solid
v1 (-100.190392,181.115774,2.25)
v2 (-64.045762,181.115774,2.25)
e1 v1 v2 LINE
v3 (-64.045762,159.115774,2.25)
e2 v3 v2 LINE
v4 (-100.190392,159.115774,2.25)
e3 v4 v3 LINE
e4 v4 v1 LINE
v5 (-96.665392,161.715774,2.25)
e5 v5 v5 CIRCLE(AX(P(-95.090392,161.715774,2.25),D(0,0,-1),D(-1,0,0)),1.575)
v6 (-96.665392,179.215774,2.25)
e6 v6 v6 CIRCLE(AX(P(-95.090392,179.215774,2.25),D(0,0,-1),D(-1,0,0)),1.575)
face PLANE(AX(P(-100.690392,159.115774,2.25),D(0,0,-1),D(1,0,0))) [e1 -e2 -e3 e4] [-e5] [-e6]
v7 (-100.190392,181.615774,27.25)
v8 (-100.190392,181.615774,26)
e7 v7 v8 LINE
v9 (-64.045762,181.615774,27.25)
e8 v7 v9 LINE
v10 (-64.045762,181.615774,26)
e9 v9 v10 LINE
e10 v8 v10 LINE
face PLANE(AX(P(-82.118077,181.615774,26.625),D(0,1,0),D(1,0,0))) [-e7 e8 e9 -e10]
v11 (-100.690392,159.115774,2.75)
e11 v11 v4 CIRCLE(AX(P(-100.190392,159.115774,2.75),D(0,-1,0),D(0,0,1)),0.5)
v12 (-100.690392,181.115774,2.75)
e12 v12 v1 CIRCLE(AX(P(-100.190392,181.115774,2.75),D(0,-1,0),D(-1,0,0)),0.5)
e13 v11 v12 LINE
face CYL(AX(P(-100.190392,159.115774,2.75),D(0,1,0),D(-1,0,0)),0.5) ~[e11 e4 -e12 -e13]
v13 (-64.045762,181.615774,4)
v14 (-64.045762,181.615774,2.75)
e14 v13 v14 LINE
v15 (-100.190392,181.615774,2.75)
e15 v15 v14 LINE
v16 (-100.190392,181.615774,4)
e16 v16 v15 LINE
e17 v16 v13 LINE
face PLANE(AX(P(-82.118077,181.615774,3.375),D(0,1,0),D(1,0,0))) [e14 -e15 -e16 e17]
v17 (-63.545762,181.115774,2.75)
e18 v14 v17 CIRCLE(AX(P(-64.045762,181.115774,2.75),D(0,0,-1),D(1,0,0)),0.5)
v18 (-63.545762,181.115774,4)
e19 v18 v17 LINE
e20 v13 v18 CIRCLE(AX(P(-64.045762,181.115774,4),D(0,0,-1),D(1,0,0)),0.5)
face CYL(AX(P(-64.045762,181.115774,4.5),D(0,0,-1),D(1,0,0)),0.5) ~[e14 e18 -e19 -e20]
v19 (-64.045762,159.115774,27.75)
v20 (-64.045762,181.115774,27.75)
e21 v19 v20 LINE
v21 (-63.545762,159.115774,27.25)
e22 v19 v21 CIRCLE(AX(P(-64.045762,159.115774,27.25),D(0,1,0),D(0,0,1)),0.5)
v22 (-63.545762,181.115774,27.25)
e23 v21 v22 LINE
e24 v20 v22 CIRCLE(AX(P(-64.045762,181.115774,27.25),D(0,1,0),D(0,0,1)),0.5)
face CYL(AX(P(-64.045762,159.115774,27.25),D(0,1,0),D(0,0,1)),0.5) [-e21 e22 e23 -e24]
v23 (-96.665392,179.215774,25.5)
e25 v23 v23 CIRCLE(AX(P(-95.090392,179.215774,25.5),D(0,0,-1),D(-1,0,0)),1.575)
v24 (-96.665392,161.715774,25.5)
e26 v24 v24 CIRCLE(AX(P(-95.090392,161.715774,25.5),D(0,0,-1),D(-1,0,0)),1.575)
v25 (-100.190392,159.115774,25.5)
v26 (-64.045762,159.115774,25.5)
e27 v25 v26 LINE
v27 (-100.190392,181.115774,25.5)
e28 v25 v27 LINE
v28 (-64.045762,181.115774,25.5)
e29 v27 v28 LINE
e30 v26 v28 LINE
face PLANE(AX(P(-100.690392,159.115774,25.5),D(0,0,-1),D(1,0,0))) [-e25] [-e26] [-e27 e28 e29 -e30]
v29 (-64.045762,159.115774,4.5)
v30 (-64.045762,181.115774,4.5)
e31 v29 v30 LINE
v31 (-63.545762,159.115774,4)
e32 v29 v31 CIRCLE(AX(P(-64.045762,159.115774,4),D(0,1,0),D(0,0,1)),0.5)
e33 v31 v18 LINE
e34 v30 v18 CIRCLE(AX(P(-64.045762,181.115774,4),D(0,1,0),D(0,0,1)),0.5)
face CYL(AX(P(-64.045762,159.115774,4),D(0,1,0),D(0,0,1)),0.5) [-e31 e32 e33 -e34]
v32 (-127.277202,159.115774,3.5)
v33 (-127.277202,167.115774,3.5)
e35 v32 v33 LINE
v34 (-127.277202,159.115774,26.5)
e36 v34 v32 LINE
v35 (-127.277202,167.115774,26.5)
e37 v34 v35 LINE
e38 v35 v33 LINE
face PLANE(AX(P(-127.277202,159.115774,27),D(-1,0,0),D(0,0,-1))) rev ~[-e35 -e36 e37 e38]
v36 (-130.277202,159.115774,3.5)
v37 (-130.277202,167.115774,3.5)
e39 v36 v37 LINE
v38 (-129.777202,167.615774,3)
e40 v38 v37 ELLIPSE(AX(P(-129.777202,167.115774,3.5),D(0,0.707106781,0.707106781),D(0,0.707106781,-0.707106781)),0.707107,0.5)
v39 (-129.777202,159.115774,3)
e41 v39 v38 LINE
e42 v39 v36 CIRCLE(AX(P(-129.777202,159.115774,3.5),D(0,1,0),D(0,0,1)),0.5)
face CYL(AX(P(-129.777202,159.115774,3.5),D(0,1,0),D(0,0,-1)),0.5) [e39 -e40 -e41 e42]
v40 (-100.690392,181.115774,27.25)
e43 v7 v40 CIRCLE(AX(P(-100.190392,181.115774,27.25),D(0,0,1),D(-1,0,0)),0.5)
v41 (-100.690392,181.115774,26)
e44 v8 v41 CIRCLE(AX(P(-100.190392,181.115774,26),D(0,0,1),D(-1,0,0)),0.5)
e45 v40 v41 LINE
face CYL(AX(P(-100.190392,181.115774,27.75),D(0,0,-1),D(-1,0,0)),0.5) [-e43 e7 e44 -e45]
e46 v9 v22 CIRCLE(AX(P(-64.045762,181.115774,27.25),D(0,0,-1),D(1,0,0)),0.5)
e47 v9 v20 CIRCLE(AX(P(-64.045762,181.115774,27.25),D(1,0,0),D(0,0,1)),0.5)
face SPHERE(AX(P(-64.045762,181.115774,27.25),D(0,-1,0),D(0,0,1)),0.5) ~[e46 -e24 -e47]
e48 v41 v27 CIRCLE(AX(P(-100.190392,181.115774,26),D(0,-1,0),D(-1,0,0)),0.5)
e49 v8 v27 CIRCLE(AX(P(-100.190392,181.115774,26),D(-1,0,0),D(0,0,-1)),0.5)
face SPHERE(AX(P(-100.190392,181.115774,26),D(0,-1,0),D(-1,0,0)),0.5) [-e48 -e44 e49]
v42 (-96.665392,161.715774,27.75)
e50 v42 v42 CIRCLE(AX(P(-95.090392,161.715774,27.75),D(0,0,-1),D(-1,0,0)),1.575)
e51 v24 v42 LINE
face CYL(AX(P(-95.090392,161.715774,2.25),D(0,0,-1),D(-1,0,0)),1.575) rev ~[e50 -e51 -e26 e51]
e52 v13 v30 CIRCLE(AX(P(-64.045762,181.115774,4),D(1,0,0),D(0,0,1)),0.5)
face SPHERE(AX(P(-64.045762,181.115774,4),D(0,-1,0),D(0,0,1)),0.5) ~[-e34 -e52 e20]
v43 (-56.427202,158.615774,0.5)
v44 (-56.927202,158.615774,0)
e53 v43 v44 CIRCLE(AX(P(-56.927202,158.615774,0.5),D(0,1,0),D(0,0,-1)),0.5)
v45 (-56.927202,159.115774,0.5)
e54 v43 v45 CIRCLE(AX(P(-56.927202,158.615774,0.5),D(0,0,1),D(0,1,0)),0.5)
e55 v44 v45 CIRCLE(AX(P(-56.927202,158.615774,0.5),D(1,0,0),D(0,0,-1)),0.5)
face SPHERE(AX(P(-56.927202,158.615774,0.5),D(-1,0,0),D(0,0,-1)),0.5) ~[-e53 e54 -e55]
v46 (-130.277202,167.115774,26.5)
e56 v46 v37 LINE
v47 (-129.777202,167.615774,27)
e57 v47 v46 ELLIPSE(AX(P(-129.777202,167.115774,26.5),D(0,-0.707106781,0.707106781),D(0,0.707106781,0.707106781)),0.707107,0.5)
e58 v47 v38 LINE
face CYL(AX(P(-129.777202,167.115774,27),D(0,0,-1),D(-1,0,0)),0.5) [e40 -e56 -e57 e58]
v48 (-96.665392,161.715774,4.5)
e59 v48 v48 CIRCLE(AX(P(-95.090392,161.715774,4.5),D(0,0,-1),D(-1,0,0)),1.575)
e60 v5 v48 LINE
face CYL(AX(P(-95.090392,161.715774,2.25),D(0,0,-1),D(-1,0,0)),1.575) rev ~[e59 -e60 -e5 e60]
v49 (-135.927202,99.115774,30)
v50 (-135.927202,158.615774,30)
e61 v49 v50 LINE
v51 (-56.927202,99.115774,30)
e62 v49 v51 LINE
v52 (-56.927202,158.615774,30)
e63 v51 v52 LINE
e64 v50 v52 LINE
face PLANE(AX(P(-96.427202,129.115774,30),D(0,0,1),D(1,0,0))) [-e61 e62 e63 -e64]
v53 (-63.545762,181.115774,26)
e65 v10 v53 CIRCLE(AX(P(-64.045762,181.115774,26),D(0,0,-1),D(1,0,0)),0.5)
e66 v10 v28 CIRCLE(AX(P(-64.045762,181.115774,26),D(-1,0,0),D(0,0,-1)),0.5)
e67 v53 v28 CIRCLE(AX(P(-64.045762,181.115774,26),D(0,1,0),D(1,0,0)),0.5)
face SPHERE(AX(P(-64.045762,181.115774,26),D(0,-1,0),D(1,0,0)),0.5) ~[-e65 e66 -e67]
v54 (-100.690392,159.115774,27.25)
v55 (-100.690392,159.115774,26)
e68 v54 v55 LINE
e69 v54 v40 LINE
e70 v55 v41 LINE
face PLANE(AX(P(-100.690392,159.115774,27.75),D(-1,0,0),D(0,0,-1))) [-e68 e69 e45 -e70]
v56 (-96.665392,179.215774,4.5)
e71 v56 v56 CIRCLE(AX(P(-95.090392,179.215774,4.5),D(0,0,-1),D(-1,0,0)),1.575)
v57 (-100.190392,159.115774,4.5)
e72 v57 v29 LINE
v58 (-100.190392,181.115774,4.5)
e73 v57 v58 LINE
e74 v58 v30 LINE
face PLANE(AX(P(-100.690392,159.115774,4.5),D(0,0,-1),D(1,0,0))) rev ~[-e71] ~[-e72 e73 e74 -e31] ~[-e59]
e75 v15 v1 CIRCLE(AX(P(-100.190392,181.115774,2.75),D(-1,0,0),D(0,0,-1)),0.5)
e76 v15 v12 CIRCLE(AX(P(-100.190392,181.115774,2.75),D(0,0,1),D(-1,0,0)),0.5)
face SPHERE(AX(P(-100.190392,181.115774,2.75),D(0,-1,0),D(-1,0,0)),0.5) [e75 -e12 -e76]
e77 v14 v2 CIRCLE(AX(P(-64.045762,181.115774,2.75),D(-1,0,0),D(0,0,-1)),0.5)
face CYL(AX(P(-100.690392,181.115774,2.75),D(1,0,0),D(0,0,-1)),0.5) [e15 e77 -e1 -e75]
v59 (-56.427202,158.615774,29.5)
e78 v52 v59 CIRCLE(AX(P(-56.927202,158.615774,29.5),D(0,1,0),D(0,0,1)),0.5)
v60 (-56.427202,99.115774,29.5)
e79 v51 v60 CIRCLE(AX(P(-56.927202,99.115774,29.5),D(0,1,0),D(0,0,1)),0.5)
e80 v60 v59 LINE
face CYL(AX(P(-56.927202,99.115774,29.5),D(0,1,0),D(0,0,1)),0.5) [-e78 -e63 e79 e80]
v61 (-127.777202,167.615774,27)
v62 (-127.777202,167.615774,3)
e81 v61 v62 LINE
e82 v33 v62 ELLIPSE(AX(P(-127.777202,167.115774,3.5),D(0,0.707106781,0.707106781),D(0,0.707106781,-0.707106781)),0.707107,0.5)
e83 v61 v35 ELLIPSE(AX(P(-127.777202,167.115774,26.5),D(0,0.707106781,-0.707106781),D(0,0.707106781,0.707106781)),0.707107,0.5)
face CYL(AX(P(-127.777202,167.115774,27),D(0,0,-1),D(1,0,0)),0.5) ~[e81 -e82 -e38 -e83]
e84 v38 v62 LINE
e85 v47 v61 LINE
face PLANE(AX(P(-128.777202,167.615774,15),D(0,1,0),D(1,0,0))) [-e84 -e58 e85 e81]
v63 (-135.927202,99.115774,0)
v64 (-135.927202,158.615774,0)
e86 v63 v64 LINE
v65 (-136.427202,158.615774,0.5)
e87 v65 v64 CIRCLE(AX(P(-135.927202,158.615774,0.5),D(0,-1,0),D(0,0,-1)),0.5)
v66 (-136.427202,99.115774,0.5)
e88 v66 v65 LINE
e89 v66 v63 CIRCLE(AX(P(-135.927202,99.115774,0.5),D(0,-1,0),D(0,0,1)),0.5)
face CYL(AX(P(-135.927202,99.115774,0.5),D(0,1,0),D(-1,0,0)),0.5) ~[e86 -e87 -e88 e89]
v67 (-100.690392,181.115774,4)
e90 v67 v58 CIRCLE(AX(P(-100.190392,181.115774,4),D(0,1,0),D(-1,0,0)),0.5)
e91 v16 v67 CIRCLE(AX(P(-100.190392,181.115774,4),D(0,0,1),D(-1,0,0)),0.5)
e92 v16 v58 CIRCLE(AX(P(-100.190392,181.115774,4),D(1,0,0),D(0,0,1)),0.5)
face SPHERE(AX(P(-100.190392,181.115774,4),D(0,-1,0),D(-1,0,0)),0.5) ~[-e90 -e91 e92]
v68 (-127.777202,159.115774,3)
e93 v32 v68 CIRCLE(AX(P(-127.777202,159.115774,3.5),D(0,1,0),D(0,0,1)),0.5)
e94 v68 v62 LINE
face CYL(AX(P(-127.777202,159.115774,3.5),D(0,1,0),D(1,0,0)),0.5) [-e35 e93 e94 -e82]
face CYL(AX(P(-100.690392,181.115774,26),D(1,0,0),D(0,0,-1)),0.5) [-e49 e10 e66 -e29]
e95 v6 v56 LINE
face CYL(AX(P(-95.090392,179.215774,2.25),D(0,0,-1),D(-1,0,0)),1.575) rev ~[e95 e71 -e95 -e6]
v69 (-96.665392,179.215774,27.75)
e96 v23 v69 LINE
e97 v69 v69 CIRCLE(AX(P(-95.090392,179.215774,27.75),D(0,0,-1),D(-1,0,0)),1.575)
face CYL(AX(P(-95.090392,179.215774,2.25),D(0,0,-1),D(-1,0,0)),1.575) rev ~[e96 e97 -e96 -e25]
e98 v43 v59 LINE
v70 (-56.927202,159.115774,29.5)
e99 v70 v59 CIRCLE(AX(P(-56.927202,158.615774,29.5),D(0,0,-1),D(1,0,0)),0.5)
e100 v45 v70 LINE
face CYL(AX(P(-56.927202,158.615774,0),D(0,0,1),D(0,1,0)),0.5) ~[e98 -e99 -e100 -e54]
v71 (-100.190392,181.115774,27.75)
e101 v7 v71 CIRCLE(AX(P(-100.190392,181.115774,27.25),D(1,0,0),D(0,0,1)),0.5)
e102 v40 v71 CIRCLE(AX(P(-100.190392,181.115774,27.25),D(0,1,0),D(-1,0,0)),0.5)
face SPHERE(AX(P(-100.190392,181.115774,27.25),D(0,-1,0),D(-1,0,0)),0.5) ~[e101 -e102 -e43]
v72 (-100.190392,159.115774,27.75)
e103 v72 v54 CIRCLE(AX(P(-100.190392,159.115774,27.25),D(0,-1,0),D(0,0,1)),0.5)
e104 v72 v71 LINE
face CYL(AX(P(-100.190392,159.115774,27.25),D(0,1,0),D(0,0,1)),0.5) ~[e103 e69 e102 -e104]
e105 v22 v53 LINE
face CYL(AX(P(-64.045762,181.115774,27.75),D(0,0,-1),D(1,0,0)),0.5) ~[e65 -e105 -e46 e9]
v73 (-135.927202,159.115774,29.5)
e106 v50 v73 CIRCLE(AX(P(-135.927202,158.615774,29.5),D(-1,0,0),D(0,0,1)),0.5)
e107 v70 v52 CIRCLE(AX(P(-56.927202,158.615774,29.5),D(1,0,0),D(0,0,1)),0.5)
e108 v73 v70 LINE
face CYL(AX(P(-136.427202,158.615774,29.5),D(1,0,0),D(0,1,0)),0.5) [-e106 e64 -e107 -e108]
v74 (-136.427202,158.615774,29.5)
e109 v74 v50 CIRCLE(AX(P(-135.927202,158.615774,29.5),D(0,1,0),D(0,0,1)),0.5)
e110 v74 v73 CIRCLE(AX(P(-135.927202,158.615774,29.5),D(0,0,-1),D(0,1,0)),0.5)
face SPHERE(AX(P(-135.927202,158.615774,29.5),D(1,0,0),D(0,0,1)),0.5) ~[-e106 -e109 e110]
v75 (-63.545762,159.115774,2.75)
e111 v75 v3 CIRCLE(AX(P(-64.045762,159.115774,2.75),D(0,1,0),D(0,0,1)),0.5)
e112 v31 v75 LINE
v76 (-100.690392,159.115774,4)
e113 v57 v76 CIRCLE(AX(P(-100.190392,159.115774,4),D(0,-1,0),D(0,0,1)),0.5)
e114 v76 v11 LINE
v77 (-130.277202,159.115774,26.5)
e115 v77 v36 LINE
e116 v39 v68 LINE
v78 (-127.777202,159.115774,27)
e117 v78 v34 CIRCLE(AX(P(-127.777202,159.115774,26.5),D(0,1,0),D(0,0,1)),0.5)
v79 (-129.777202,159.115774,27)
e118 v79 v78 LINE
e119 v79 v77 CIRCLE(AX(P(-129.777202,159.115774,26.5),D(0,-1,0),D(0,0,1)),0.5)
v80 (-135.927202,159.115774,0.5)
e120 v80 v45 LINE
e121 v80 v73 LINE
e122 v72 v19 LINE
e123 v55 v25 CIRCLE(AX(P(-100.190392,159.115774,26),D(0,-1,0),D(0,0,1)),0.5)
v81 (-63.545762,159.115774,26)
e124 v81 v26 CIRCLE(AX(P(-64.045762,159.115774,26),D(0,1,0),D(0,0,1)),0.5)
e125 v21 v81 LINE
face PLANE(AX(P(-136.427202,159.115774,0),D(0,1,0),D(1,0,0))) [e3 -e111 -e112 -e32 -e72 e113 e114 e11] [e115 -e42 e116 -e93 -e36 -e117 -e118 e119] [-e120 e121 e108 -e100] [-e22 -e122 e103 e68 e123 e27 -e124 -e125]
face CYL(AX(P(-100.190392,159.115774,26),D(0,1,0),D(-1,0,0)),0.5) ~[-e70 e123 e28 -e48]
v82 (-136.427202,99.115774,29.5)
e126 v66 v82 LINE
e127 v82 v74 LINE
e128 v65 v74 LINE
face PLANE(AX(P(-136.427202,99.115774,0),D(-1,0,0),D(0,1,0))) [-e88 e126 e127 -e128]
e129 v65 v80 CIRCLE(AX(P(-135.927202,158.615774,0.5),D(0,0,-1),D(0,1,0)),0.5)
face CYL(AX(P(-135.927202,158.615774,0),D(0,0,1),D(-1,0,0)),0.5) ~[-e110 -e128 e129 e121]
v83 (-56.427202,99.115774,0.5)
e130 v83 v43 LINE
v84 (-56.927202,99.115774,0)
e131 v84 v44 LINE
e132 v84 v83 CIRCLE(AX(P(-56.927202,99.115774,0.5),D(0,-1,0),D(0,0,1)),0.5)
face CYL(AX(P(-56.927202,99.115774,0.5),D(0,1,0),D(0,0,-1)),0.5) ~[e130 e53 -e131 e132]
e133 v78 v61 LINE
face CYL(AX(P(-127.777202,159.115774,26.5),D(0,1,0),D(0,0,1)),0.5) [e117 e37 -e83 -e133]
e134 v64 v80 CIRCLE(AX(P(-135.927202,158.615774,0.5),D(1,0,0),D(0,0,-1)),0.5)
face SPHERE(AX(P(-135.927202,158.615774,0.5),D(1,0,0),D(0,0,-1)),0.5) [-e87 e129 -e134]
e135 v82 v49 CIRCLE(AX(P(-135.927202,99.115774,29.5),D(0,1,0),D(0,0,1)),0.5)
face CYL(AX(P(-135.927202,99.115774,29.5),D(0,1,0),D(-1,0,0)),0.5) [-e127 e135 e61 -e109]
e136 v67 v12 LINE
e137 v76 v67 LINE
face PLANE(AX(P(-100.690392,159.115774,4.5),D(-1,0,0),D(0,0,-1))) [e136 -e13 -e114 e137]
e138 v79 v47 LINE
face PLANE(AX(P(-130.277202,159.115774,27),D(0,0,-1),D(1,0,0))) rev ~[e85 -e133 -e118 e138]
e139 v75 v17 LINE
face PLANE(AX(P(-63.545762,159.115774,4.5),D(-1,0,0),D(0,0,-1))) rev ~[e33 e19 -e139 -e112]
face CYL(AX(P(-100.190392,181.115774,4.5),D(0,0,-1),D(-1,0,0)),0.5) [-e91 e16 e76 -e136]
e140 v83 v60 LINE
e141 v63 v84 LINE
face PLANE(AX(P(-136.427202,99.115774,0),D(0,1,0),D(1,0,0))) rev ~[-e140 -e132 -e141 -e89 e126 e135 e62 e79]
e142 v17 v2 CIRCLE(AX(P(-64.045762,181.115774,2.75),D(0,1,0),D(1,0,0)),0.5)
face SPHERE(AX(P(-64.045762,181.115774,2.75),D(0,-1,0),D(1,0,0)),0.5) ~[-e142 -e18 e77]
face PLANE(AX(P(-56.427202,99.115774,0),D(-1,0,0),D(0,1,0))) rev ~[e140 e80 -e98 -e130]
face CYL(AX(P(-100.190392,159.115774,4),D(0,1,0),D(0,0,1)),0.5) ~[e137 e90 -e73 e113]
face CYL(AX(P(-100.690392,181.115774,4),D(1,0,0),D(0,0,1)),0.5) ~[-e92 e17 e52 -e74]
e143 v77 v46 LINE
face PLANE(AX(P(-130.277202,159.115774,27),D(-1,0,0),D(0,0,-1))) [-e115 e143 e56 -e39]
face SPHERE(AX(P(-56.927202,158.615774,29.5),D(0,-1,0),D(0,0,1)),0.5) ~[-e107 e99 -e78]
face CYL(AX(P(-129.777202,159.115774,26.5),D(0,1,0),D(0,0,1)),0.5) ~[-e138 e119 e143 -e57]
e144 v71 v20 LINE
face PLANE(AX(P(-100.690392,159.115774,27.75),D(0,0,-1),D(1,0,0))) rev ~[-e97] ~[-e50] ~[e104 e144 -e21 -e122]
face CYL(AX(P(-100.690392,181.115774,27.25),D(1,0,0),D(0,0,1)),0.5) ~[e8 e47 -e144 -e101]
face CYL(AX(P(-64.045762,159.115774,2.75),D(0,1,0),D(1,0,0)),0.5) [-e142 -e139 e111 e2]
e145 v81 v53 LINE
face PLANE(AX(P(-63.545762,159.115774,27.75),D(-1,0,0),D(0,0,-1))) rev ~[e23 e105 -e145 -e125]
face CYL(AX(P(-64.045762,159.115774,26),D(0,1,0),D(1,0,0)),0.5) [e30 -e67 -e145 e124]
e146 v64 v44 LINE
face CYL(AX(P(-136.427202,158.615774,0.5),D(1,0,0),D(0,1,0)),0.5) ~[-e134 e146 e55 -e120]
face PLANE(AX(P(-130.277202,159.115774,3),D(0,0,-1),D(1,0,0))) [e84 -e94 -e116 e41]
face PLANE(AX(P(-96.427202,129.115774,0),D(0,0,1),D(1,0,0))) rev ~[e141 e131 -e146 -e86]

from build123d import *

# Parameters (mm, degrees)
SKETCH1_W           = 80
SKETCH1_H           = 60
BOSS_EXTRUDE1_DEPTH = 30
SKETCH2_W           = 37.144630664
SKETCH2_H           = 2.25
BOSS_EXTRUDE2_DEPTH = 22.5
SKETCH3_W           = 3
SKETCH3_H           = 24
BOSS_EXTRUDE3_DEPTH = 8.5
SKETCH5_R           = 1.575
CUT_EXTRUDE1_DEPTH  = 30
FILLET2_R           = 0.5


with BuildPart() as part:
    # Sketch1 → Boss-Extrude1 (new body)
    with BuildSketch(Plane.XY):
        with Locations((-96.427201848, 129.115774072)):
            Rectangle(SKETCH1_W, SKETCH1_H)
    extrude(amount=BOSS_EXTRUDE1_DEPTH)

    # Sketch2 → Boss-Extrude2 (add)
    with BuildSketch(Plane(origin=(0, 159.115774072, 0), x_dir=(1, 0, 0), z_dir=(0, 1, 0))):
        with Locations((-82.11807708, -3.375)):
            Rectangle(SKETCH2_W, SKETCH2_H)
        with Locations((-82.11807708, -26.625)):
            Rectangle(SKETCH2_W, SKETCH2_H)
    extrude(amount=BOSS_EXTRUDE2_DEPTH)

    # Sketch3 → Boss-Extrude3 (add)
    with BuildSketch(Plane(origin=(0, 159.115774072, 0), x_dir=(1, 0, 0), z_dir=(0, 1, 0))):
        with Locations((-128.777201848, -15)):
            Rectangle(SKETCH3_W, SKETCH3_H)
    extrude(amount=BOSS_EXTRUDE3_DEPTH)

    # Sketch5 → Cut-Extrude1 (cut)
    with BuildSketch(Plane(origin=(0, 0, 2.25), x_dir=(-1, 0, 0), z_dir=(0, 0, -1))):
        with Locations((95.090392412, 161.715774072)):
            Circle(SKETCH5_R)
        with Locations((95.090392412, 179.215774072)):
            Circle(SKETCH5_R)
    extrude(amount=-CUT_EXTRUDE1_DEPTH, mode=Mode.SUBTRACT)

    # Fillet2
    fillet2_edges = [part.edges().sort_by_distance(p)[0] for p in [
        (-56.427201848, 129.115774072, 30),
        (-100.690392412, 170.365774072, 2.25),
        (-100.690392412, 170.365774072, 4.5),
        (-96.427201848, 159.115774072, 30),
        (-63.545761748, 170.365774072, 4.5),
        (-63.545761748, 170.365774072, 2.25),
        (-100.690392412, 181.615774072, 3.375),
        (-82.11807708, 181.615774072, 4.5),
        (-63.545761748, 181.615774072, 3.375),
        (-82.11807708, 181.615774072, 2.25),
        (-100.690392412, 170.365774072, 25.5),
        (-100.690392412, 170.365774072, 27.75),
        (-63.545761748, 170.365774072, 27.75),
        (-63.545761748, 170.365774072, 25.5),
        (-100.690392412, 181.615774072, 26.625),
        (-82.11807708, 181.615774072, 27.75),
        (-63.545761748, 181.615774072, 26.625),
        (-82.11807708, 181.615774072, 25.5),
        (-130.277201848, 163.365774072, 3),
        (-130.277201848, 163.365774072, 27),
        (-127.277201848, 163.365774072, 27),
        (-127.277201848, 163.365774072, 3),
        (-130.277201848, 167.615774072, 15),
        (-127.277201848, 167.615774072, 15),
        (-136.427201848, 129.115774072, 30),
        (-96.427201848, 159.115774072, 0),
        (-56.427201848, 129.115774072, 0),
        (-136.427201848, 129.115774072, 0),
        (-136.427201848, 159.115774072, 15),
        (-56.427201848, 159.115774072, 15),
    ]]
    fillet(fillet2_edges, radius=FILLET2_R)


solid = part.part
